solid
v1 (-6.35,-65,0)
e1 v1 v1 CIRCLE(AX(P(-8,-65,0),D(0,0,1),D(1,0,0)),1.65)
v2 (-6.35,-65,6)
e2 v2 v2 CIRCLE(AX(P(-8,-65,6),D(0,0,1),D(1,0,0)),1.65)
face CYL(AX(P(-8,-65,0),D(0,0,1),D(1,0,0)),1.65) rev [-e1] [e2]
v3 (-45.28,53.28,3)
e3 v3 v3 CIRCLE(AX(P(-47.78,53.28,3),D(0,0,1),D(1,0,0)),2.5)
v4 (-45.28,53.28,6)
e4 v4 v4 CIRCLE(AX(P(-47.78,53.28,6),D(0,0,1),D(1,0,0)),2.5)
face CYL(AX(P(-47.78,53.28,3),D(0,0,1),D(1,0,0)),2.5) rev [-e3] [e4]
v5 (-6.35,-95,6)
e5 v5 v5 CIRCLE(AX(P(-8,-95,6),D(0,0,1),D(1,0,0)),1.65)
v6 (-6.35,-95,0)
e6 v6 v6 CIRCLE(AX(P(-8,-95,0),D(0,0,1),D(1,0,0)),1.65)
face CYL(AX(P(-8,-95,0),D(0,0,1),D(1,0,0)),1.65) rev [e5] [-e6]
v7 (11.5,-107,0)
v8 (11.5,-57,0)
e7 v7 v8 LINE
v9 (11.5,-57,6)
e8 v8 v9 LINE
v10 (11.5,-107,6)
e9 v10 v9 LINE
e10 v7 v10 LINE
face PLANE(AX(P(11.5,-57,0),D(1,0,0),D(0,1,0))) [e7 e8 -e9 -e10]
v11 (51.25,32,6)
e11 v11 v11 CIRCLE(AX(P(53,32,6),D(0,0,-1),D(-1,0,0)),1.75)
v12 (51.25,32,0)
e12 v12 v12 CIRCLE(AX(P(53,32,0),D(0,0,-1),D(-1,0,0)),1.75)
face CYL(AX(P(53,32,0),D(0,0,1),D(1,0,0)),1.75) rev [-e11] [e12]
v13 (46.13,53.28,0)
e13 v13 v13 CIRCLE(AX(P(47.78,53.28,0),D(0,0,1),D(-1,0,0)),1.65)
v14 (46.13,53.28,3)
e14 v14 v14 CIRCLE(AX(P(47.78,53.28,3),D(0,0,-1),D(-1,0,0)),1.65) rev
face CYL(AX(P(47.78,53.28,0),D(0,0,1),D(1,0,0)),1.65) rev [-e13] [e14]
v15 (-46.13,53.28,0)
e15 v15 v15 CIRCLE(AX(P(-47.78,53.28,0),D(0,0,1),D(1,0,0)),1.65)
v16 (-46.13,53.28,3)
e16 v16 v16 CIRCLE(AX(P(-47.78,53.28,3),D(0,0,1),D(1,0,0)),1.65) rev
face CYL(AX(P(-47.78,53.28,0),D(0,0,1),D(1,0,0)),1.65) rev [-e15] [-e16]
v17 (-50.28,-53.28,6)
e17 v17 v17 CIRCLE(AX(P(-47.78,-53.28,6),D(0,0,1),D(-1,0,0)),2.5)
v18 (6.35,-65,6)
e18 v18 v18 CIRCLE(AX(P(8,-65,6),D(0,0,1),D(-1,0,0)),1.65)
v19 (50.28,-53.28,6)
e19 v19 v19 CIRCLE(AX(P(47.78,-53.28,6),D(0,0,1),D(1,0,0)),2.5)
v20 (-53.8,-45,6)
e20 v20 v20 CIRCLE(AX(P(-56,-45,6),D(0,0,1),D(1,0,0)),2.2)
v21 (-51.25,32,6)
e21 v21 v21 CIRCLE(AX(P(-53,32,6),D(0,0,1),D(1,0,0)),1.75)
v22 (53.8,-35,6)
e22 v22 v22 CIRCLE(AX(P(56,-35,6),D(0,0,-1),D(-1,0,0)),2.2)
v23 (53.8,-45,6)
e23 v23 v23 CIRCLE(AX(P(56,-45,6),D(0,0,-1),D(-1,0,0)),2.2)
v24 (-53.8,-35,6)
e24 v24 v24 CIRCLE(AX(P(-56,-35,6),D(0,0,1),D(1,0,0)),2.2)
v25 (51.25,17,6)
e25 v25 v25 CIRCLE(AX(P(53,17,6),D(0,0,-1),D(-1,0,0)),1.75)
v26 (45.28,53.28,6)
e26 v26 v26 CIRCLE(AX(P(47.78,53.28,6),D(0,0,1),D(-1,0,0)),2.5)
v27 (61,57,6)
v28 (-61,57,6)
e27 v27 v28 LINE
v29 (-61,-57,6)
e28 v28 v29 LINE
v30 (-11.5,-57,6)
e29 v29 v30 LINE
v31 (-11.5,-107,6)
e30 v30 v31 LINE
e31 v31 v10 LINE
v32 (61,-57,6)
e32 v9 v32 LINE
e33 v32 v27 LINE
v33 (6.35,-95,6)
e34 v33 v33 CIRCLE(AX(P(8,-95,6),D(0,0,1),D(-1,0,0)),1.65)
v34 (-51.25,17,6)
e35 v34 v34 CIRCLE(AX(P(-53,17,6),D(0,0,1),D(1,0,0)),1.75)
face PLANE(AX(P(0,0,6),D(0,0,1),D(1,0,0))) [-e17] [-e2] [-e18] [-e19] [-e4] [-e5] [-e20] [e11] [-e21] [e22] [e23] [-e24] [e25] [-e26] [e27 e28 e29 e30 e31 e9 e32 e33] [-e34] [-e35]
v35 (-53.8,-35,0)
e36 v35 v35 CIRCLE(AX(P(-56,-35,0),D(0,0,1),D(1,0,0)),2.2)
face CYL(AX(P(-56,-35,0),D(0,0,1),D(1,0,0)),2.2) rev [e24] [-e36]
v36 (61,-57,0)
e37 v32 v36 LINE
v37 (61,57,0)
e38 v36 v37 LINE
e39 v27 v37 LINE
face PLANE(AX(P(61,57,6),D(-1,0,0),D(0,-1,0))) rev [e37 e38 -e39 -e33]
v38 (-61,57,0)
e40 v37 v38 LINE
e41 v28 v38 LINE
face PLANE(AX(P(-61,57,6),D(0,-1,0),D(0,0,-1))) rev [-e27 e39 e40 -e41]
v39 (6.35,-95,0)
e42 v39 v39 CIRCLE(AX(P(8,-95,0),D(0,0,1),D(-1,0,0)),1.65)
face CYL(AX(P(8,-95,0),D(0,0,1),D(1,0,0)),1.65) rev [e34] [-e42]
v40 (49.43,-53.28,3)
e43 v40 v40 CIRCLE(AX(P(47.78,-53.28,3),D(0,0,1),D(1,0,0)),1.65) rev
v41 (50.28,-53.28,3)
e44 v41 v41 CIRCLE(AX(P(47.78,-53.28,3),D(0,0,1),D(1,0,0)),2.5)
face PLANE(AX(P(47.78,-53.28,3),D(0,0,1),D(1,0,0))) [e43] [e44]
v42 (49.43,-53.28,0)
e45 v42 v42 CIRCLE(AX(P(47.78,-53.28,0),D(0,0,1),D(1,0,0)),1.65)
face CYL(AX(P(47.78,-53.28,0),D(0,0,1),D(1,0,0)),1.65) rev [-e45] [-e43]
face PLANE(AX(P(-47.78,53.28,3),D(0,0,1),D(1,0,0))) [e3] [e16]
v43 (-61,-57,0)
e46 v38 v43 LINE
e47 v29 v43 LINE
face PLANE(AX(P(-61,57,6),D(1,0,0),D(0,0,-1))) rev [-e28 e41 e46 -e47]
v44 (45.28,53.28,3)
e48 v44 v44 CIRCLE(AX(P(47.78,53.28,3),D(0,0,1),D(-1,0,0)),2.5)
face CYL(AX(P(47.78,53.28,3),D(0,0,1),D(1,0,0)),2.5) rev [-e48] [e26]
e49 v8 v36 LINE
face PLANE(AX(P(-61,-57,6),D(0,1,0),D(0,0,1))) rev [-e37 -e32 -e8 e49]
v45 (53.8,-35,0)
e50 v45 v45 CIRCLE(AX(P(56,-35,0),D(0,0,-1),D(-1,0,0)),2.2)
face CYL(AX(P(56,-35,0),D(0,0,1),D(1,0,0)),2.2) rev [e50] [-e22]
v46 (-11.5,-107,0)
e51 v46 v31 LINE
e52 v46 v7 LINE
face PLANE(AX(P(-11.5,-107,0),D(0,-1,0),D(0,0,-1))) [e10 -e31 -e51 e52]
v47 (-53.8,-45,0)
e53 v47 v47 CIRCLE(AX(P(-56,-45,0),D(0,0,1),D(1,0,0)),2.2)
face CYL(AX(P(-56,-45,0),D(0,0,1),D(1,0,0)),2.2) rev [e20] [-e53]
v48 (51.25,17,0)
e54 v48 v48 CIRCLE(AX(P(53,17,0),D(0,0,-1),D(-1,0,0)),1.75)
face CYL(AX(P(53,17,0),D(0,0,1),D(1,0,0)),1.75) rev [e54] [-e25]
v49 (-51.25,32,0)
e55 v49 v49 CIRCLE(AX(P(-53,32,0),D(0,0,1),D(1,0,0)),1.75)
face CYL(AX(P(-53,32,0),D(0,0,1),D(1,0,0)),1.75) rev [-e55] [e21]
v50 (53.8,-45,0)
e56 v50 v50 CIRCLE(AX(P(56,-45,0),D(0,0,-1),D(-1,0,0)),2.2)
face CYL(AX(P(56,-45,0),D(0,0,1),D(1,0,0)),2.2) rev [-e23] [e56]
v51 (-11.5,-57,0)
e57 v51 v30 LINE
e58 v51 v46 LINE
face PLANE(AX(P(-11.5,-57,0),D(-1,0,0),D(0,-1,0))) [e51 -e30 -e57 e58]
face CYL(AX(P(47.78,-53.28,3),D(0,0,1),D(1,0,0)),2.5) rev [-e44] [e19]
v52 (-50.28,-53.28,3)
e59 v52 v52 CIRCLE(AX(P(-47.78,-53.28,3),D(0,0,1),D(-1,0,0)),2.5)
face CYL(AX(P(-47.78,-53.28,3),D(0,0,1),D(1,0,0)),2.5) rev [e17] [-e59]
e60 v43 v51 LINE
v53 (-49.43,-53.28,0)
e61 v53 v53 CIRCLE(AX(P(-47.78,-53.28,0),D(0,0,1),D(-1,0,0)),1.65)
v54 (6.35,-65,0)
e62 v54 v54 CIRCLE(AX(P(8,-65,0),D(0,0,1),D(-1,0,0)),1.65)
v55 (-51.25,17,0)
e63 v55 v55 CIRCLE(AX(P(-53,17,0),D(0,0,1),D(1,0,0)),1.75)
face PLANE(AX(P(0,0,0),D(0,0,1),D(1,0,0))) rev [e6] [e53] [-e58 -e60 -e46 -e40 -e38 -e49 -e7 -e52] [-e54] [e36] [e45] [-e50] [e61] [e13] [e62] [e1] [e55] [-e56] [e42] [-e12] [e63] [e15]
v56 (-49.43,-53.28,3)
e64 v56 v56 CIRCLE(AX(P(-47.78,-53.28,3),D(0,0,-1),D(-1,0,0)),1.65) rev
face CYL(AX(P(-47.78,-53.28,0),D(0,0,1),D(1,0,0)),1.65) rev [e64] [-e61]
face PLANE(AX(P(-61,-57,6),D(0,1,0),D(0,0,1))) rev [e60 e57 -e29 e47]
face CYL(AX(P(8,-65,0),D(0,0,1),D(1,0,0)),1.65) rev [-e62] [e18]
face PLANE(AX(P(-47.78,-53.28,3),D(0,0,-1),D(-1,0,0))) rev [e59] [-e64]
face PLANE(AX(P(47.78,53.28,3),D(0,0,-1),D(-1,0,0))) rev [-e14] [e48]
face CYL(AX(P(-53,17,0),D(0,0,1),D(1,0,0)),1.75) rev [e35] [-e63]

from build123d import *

# Parameters (mm, degrees)
SKETCH1_W           = 122
SKETCH1_H           = 114
BOSS_EXTRUDE1_DEPTH = 6
SKETCH2_R           = 1.65
CUT_EXTRUDE1_DEPTH  = 6
SKETCH3_R           = 2.5
CUT_EXTRUDE2_DEPTH  = 3
SKETCH4_R           = 1.75
SKETCH4_R_2         = 2.2
CUT_EXTRUDE3_DEPTH  = 84.701851831
SKETCH5_W           = 23
SKETCH5_H           = 50
BOSS_EXTRUDE2_DEPTH = 6
SKETCH6_R           = 1.65
CUT_EXTRUDE4_DEPTH  = 124.312610872


with BuildPart() as part:
    # Sketch1 → Boss-Extrude1 (new body)
    with BuildSketch(Plane.XY):
        Rectangle(SKETCH1_W, SKETCH1_H)
    extrude(amount=BOSS_EXTRUDE1_DEPTH)

    # Sketch2 → Cut-Extrude1 (cut)
    with BuildSketch(Plane.XY.offset(6)):
        with Locations((-47.78, 53.28)):
            Circle(SKETCH2_R)
        with Locations(Location((47.78, 53.28, 0), (0, 0, 180))):
            Circle(SKETCH2_R)
        with Locations((47.78, -53.28)):
            Circle(SKETCH2_R)
        with Locations(Location((-47.78, -53.28, 0), (0, 0, 180))):
            Circle(SKETCH2_R)
    extrude(amount=-CUT_EXTRUDE1_DEPTH, mode=Mode.SUBTRACT)

    # Sketch3 → Cut-Extrude2 (cut)
    with BuildSketch(Plane.XY.offset(6)):
        with Locations((-47.78, 53.28)):
            Circle(SKETCH3_R)
        with Locations(Location((47.78, 53.28, 0), (0, 0, 180))):
            Circle(SKETCH3_R)
        with Locations((47.78, -53.28)):
            Circle(SKETCH3_R)
        with Locations(Location((-47.78, -53.28, 0), (0, 0, 180))):
            Circle(SKETCH3_R)
    extrude(amount=-CUT_EXTRUDE2_DEPTH, mode=Mode.SUBTRACT)

    # Sketch4 → Cut-Extrude3 (cut, through all)
    with BuildSketch(Plane.XY.offset(6)):
        with Locations((-53, 32)):
            Circle(SKETCH4_R)
        with Locations((-53, 17)):
            Circle(SKETCH4_R)
        with Locations((-56, -35)):
            Circle(SKETCH4_R_2)
        with Locations((-56, -45)):
            Circle(SKETCH4_R_2)
    cut_extrude3 = extrude(amount=-CUT_EXTRUDE3_DEPTH, mode=Mode.SUBTRACT)

    # Mirror1: Cut-Extrude3 across plane
    add(cut_extrude3.mirror(Plane(origin=(0, 0, 0), x_dir=(0, 0, 1), z_dir=(1, 0, 0))), mode=Mode.SUBTRACT)

    # Sketch5 → Boss-Extrude2 (add, through all)
    with BuildSketch(Plane.XY.offset(6)):
        with Locations((0, -82)):
            Rectangle(SKETCH5_W, SKETCH5_H)
    extrude(amount=-BOSS_EXTRUDE2_DEPTH)

    # Sketch6 → Cut-Extrude4 (cut, through all)
    with BuildSketch(Plane.XY.offset(6)):
        with Locations((-8, -65)):
            Circle(SKETCH6_R)
        with Locations((-8, -95)):
            Circle(SKETCH6_R)
        with Locations(Location((8, -95, 0), (0, 0, 180))):
            Circle(SKETCH6_R)
        with Locations(Location((8, -65, 0), (0, 0, 180))):
            Circle(SKETCH6_R)
    extrude(amount=-CUT_EXTRUDE4_DEPTH, mode=Mode.SUBTRACT)


solid = part.part
